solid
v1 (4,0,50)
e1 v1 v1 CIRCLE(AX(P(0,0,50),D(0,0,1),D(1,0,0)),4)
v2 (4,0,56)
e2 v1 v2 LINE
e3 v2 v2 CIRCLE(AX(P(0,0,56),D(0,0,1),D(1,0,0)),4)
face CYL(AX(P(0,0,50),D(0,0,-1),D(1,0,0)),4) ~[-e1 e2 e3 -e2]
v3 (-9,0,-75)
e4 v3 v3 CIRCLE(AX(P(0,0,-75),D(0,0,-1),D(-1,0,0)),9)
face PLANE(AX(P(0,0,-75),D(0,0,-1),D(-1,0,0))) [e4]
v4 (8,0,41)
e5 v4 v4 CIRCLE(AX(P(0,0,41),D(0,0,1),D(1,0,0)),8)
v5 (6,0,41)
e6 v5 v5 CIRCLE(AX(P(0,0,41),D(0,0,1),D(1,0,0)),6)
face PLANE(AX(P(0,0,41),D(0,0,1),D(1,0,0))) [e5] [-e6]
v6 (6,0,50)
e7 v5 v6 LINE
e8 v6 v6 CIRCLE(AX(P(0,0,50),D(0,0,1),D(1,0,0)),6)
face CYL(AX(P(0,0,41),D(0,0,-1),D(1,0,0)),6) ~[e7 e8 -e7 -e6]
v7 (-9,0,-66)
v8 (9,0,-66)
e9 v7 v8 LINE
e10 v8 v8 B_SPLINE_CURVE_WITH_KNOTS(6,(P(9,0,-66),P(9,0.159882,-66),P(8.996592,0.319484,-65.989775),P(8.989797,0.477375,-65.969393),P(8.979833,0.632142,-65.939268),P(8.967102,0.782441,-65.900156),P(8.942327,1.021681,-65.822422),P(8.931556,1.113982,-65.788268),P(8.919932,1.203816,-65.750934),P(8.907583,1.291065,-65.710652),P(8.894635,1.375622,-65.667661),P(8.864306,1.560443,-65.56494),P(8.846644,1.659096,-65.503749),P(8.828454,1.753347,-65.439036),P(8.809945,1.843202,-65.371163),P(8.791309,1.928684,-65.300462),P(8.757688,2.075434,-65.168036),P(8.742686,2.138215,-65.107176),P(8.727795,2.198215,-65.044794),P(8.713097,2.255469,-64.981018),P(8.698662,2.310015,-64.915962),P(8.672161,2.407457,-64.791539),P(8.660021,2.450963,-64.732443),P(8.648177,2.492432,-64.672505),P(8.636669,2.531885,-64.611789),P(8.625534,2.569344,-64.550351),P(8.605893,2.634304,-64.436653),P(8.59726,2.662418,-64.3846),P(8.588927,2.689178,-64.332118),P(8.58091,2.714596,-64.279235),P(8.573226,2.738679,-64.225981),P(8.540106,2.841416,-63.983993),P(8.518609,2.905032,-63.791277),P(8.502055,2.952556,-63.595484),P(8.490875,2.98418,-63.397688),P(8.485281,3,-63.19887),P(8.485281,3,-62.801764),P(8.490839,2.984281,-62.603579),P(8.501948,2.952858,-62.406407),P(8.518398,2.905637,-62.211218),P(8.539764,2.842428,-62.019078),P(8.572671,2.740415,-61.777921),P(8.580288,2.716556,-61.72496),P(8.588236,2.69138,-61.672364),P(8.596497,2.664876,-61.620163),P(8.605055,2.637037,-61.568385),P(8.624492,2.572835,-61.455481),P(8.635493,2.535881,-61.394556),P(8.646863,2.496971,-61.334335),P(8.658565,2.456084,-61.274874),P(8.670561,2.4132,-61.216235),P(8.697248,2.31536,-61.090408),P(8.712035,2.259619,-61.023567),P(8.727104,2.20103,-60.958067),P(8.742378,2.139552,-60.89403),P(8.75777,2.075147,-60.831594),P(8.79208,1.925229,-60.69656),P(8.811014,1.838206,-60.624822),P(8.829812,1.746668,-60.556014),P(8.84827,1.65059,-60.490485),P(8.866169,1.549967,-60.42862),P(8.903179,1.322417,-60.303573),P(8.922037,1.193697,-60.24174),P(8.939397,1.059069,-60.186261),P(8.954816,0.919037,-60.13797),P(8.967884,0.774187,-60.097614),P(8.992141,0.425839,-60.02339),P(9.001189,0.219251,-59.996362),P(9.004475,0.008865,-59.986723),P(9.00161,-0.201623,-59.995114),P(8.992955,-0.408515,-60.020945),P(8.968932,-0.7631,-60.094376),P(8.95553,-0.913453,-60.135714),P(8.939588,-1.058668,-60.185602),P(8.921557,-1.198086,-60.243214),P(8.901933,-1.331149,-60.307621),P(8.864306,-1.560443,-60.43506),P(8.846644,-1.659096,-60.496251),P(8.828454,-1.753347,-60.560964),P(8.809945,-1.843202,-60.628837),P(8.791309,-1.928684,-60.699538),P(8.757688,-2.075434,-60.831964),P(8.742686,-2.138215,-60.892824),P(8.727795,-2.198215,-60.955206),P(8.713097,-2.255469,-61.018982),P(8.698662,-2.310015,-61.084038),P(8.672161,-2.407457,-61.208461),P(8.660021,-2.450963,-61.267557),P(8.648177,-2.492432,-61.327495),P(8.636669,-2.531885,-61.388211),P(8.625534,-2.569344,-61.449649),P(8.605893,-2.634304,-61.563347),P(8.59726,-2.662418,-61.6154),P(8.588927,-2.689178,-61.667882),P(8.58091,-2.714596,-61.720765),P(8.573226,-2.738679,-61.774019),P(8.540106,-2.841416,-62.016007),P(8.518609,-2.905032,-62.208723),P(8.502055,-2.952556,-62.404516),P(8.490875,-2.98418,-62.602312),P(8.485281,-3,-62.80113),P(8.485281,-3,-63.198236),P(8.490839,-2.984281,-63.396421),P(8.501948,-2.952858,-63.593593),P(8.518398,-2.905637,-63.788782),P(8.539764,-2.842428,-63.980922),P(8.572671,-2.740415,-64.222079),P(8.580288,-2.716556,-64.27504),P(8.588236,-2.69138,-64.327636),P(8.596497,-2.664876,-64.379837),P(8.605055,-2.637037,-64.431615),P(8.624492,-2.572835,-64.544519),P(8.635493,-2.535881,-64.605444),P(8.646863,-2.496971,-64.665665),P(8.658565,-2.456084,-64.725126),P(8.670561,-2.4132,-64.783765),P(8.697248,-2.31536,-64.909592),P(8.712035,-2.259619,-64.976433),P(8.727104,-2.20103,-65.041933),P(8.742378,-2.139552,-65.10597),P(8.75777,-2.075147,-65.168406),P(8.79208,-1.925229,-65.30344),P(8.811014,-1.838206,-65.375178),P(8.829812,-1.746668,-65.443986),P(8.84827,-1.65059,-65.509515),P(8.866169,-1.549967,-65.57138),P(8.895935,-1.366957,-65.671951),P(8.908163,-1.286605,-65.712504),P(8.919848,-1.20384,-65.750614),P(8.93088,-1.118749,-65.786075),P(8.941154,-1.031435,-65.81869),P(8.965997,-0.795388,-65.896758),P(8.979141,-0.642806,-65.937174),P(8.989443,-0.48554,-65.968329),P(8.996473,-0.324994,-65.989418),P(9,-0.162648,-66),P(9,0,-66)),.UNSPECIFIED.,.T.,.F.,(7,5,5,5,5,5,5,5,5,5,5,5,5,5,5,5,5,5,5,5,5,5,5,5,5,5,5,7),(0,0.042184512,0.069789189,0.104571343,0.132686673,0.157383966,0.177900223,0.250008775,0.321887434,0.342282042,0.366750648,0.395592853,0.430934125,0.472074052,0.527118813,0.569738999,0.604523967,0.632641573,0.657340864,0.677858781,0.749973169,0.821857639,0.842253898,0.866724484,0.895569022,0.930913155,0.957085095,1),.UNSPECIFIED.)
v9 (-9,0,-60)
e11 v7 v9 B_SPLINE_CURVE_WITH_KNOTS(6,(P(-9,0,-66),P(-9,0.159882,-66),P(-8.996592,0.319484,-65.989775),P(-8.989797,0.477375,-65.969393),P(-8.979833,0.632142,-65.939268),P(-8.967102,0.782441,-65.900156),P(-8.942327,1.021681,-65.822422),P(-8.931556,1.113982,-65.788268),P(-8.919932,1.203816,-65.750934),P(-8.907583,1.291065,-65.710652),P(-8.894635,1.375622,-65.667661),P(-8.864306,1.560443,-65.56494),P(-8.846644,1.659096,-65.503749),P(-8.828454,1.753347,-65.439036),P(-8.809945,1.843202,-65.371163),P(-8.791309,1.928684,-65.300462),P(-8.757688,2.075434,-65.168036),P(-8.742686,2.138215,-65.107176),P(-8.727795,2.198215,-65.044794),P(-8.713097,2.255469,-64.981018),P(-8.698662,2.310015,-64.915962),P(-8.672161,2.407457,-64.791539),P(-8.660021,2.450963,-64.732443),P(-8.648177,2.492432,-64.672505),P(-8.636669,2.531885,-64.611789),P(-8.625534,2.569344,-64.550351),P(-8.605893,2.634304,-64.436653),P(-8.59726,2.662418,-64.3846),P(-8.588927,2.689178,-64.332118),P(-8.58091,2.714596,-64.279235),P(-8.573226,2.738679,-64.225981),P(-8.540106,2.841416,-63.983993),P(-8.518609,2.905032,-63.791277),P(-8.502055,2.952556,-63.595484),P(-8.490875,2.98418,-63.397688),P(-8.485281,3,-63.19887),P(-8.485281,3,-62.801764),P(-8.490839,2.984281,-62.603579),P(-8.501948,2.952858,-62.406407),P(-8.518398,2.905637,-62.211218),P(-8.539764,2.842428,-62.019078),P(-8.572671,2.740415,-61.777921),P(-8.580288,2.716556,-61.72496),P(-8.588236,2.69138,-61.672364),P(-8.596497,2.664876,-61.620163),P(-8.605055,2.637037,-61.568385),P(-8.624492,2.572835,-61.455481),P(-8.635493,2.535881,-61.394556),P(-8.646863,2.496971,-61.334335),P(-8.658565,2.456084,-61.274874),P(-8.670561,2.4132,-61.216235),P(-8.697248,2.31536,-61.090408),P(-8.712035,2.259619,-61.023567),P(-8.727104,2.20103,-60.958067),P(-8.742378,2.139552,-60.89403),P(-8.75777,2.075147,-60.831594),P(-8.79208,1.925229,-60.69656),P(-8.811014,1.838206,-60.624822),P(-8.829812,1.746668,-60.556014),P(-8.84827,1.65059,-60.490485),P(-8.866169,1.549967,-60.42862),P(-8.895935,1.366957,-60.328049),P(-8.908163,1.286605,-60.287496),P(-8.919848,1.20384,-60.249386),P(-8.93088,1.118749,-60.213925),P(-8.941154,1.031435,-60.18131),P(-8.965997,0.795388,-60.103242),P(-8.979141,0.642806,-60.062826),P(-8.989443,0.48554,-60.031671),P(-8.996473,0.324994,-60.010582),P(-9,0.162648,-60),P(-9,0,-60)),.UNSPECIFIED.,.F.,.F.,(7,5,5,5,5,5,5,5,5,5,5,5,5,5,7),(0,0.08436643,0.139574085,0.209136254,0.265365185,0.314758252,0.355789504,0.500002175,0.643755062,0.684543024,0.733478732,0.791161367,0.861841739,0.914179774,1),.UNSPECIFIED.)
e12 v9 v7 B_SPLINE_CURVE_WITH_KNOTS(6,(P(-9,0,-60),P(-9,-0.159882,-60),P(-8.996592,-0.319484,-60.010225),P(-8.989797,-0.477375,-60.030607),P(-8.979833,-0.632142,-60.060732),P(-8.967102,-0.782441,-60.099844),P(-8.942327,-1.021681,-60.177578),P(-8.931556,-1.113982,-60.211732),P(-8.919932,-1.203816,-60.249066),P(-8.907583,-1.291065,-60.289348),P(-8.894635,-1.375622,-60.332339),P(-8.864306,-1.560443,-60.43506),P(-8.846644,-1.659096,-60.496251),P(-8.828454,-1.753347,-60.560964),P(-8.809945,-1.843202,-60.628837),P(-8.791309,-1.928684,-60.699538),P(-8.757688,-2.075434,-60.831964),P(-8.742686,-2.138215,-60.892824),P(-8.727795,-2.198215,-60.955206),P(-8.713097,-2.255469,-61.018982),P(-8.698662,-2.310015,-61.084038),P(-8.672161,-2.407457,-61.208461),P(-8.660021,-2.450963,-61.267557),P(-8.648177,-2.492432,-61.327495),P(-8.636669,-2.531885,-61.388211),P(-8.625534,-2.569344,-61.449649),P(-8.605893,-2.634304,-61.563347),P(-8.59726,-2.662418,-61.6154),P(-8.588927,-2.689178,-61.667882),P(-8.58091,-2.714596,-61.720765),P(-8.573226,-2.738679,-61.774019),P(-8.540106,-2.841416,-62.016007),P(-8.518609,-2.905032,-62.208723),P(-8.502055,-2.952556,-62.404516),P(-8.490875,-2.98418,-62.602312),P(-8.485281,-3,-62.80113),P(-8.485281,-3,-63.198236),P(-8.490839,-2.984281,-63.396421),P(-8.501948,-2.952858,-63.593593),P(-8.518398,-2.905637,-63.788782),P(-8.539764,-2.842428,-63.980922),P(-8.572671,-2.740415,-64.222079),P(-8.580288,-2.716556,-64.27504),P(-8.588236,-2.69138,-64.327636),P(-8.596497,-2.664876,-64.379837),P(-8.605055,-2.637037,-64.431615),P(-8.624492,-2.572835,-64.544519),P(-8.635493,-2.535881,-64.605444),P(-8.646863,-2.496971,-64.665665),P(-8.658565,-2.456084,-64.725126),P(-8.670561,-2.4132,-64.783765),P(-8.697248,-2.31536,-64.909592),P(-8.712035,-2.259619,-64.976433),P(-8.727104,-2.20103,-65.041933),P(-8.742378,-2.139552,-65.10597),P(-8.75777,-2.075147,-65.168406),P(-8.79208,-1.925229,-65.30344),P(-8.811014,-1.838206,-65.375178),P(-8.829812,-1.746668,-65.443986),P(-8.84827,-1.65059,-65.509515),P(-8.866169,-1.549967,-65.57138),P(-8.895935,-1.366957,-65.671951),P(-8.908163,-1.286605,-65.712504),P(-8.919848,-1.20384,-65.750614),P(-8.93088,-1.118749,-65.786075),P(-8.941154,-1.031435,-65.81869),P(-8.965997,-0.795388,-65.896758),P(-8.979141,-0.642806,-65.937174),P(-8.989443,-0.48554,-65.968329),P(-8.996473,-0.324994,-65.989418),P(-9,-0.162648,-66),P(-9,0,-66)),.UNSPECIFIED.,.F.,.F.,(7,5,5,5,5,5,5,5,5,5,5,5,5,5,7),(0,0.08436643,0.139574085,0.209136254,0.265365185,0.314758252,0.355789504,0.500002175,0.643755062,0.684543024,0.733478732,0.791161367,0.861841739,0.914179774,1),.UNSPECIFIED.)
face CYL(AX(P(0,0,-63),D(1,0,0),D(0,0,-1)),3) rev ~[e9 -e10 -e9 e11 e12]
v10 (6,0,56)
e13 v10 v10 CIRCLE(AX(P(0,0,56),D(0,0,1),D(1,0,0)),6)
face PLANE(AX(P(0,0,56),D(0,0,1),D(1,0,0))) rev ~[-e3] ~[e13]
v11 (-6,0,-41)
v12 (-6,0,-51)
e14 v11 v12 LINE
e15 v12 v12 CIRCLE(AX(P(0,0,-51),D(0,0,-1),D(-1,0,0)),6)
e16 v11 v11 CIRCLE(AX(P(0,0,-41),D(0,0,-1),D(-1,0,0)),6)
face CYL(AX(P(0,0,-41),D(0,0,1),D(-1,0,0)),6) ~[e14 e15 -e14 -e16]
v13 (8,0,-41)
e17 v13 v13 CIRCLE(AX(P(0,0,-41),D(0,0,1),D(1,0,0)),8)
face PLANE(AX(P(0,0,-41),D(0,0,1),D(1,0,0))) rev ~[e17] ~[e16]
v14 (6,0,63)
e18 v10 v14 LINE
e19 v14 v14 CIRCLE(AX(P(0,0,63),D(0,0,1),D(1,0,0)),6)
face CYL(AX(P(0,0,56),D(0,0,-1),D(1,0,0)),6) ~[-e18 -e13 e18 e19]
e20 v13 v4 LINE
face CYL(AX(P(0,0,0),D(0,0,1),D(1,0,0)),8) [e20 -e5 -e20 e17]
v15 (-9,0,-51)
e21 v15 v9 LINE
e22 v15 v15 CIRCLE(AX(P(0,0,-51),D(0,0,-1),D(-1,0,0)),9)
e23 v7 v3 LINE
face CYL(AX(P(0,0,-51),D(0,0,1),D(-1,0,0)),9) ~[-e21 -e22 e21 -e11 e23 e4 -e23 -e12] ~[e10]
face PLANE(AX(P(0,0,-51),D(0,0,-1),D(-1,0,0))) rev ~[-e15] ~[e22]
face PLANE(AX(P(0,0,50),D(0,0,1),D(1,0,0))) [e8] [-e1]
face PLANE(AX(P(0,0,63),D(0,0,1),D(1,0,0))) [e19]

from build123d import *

# Parameters (mm, degrees)
SKETCH4_R           = 8
BOSS_EXTRUDE2_DEPTH = 41
SKETCH5_R           = 6
BOSS_EXTRUDE3_DEPTH = 10
SKETCH6_R           = 9
BOSS_EXTRUDE4_DEPTH = 24
SKETCH7_R           = 6
BOSS_EXTRUDE5_DEPTH = 9
SKETCH8_R           = 4
BOSS_EXTRUDE6_DEPTH = 6
SKETCH9_R           = 6
BOSS_EXTRUDE7_DEPTH = 7
SKETCH10_R          = 3
CUT_EXTRUDE1_DEPTH  = 25


with BuildPart() as part:
    # Sketch4 → Boss-Extrude2 (new body, symmetric)
    with BuildSketch(Plane.XY):
        Circle(SKETCH4_R)
    extrude(amount=BOSS_EXTRUDE2_DEPTH, both=True)

    # Sketch5 → Boss-Extrude3 (add)
    with BuildSketch(Plane(origin=(0, 0, -41), x_dir=(-1, 0, 0), z_dir=(0, 0, -1))):
        Circle(SKETCH5_R)
    extrude(amount=BOSS_EXTRUDE3_DEPTH)

    # Sketch6 → Boss-Extrude4 (add)
    with BuildSketch(Plane(origin=(0, 0, -51), x_dir=(-1, 0, 0), z_dir=(0, 0, -1))):
        Circle(SKETCH6_R)
    extrude(amount=BOSS_EXTRUDE4_DEPTH)

    # Sketch7 → Boss-Extrude5 (add)
    with BuildSketch(Plane.XY.offset(41)):
        Circle(SKETCH7_R)
    extrude(amount=BOSS_EXTRUDE5_DEPTH)

    # Sketch8 → Boss-Extrude6 (add)
    with BuildSketch(Plane.XY.offset(50)):
        Circle(SKETCH8_R)
    extrude(amount=BOSS_EXTRUDE6_DEPTH)

    # Sketch9 → Boss-Extrude7 (add)
    with BuildSketch(Plane.XY.offset(56)):
        Circle(SKETCH9_R)
    extrude(amount=BOSS_EXTRUDE7_DEPTH)

    # Sketch10 → Cut-Extrude1 (cut, symmetric)
    with BuildSketch(Plane(origin=(0, 0, 0), x_dir=(0, 0, -1), z_dir=(1, 0, 0))):
        with Locations((63, 0)):
            Circle(SKETCH10_R)
    extrude(amount=CUT_EXTRUDE1_DEPTH, both=True, mode=Mode.SUBTRACT)


solid = part.part
